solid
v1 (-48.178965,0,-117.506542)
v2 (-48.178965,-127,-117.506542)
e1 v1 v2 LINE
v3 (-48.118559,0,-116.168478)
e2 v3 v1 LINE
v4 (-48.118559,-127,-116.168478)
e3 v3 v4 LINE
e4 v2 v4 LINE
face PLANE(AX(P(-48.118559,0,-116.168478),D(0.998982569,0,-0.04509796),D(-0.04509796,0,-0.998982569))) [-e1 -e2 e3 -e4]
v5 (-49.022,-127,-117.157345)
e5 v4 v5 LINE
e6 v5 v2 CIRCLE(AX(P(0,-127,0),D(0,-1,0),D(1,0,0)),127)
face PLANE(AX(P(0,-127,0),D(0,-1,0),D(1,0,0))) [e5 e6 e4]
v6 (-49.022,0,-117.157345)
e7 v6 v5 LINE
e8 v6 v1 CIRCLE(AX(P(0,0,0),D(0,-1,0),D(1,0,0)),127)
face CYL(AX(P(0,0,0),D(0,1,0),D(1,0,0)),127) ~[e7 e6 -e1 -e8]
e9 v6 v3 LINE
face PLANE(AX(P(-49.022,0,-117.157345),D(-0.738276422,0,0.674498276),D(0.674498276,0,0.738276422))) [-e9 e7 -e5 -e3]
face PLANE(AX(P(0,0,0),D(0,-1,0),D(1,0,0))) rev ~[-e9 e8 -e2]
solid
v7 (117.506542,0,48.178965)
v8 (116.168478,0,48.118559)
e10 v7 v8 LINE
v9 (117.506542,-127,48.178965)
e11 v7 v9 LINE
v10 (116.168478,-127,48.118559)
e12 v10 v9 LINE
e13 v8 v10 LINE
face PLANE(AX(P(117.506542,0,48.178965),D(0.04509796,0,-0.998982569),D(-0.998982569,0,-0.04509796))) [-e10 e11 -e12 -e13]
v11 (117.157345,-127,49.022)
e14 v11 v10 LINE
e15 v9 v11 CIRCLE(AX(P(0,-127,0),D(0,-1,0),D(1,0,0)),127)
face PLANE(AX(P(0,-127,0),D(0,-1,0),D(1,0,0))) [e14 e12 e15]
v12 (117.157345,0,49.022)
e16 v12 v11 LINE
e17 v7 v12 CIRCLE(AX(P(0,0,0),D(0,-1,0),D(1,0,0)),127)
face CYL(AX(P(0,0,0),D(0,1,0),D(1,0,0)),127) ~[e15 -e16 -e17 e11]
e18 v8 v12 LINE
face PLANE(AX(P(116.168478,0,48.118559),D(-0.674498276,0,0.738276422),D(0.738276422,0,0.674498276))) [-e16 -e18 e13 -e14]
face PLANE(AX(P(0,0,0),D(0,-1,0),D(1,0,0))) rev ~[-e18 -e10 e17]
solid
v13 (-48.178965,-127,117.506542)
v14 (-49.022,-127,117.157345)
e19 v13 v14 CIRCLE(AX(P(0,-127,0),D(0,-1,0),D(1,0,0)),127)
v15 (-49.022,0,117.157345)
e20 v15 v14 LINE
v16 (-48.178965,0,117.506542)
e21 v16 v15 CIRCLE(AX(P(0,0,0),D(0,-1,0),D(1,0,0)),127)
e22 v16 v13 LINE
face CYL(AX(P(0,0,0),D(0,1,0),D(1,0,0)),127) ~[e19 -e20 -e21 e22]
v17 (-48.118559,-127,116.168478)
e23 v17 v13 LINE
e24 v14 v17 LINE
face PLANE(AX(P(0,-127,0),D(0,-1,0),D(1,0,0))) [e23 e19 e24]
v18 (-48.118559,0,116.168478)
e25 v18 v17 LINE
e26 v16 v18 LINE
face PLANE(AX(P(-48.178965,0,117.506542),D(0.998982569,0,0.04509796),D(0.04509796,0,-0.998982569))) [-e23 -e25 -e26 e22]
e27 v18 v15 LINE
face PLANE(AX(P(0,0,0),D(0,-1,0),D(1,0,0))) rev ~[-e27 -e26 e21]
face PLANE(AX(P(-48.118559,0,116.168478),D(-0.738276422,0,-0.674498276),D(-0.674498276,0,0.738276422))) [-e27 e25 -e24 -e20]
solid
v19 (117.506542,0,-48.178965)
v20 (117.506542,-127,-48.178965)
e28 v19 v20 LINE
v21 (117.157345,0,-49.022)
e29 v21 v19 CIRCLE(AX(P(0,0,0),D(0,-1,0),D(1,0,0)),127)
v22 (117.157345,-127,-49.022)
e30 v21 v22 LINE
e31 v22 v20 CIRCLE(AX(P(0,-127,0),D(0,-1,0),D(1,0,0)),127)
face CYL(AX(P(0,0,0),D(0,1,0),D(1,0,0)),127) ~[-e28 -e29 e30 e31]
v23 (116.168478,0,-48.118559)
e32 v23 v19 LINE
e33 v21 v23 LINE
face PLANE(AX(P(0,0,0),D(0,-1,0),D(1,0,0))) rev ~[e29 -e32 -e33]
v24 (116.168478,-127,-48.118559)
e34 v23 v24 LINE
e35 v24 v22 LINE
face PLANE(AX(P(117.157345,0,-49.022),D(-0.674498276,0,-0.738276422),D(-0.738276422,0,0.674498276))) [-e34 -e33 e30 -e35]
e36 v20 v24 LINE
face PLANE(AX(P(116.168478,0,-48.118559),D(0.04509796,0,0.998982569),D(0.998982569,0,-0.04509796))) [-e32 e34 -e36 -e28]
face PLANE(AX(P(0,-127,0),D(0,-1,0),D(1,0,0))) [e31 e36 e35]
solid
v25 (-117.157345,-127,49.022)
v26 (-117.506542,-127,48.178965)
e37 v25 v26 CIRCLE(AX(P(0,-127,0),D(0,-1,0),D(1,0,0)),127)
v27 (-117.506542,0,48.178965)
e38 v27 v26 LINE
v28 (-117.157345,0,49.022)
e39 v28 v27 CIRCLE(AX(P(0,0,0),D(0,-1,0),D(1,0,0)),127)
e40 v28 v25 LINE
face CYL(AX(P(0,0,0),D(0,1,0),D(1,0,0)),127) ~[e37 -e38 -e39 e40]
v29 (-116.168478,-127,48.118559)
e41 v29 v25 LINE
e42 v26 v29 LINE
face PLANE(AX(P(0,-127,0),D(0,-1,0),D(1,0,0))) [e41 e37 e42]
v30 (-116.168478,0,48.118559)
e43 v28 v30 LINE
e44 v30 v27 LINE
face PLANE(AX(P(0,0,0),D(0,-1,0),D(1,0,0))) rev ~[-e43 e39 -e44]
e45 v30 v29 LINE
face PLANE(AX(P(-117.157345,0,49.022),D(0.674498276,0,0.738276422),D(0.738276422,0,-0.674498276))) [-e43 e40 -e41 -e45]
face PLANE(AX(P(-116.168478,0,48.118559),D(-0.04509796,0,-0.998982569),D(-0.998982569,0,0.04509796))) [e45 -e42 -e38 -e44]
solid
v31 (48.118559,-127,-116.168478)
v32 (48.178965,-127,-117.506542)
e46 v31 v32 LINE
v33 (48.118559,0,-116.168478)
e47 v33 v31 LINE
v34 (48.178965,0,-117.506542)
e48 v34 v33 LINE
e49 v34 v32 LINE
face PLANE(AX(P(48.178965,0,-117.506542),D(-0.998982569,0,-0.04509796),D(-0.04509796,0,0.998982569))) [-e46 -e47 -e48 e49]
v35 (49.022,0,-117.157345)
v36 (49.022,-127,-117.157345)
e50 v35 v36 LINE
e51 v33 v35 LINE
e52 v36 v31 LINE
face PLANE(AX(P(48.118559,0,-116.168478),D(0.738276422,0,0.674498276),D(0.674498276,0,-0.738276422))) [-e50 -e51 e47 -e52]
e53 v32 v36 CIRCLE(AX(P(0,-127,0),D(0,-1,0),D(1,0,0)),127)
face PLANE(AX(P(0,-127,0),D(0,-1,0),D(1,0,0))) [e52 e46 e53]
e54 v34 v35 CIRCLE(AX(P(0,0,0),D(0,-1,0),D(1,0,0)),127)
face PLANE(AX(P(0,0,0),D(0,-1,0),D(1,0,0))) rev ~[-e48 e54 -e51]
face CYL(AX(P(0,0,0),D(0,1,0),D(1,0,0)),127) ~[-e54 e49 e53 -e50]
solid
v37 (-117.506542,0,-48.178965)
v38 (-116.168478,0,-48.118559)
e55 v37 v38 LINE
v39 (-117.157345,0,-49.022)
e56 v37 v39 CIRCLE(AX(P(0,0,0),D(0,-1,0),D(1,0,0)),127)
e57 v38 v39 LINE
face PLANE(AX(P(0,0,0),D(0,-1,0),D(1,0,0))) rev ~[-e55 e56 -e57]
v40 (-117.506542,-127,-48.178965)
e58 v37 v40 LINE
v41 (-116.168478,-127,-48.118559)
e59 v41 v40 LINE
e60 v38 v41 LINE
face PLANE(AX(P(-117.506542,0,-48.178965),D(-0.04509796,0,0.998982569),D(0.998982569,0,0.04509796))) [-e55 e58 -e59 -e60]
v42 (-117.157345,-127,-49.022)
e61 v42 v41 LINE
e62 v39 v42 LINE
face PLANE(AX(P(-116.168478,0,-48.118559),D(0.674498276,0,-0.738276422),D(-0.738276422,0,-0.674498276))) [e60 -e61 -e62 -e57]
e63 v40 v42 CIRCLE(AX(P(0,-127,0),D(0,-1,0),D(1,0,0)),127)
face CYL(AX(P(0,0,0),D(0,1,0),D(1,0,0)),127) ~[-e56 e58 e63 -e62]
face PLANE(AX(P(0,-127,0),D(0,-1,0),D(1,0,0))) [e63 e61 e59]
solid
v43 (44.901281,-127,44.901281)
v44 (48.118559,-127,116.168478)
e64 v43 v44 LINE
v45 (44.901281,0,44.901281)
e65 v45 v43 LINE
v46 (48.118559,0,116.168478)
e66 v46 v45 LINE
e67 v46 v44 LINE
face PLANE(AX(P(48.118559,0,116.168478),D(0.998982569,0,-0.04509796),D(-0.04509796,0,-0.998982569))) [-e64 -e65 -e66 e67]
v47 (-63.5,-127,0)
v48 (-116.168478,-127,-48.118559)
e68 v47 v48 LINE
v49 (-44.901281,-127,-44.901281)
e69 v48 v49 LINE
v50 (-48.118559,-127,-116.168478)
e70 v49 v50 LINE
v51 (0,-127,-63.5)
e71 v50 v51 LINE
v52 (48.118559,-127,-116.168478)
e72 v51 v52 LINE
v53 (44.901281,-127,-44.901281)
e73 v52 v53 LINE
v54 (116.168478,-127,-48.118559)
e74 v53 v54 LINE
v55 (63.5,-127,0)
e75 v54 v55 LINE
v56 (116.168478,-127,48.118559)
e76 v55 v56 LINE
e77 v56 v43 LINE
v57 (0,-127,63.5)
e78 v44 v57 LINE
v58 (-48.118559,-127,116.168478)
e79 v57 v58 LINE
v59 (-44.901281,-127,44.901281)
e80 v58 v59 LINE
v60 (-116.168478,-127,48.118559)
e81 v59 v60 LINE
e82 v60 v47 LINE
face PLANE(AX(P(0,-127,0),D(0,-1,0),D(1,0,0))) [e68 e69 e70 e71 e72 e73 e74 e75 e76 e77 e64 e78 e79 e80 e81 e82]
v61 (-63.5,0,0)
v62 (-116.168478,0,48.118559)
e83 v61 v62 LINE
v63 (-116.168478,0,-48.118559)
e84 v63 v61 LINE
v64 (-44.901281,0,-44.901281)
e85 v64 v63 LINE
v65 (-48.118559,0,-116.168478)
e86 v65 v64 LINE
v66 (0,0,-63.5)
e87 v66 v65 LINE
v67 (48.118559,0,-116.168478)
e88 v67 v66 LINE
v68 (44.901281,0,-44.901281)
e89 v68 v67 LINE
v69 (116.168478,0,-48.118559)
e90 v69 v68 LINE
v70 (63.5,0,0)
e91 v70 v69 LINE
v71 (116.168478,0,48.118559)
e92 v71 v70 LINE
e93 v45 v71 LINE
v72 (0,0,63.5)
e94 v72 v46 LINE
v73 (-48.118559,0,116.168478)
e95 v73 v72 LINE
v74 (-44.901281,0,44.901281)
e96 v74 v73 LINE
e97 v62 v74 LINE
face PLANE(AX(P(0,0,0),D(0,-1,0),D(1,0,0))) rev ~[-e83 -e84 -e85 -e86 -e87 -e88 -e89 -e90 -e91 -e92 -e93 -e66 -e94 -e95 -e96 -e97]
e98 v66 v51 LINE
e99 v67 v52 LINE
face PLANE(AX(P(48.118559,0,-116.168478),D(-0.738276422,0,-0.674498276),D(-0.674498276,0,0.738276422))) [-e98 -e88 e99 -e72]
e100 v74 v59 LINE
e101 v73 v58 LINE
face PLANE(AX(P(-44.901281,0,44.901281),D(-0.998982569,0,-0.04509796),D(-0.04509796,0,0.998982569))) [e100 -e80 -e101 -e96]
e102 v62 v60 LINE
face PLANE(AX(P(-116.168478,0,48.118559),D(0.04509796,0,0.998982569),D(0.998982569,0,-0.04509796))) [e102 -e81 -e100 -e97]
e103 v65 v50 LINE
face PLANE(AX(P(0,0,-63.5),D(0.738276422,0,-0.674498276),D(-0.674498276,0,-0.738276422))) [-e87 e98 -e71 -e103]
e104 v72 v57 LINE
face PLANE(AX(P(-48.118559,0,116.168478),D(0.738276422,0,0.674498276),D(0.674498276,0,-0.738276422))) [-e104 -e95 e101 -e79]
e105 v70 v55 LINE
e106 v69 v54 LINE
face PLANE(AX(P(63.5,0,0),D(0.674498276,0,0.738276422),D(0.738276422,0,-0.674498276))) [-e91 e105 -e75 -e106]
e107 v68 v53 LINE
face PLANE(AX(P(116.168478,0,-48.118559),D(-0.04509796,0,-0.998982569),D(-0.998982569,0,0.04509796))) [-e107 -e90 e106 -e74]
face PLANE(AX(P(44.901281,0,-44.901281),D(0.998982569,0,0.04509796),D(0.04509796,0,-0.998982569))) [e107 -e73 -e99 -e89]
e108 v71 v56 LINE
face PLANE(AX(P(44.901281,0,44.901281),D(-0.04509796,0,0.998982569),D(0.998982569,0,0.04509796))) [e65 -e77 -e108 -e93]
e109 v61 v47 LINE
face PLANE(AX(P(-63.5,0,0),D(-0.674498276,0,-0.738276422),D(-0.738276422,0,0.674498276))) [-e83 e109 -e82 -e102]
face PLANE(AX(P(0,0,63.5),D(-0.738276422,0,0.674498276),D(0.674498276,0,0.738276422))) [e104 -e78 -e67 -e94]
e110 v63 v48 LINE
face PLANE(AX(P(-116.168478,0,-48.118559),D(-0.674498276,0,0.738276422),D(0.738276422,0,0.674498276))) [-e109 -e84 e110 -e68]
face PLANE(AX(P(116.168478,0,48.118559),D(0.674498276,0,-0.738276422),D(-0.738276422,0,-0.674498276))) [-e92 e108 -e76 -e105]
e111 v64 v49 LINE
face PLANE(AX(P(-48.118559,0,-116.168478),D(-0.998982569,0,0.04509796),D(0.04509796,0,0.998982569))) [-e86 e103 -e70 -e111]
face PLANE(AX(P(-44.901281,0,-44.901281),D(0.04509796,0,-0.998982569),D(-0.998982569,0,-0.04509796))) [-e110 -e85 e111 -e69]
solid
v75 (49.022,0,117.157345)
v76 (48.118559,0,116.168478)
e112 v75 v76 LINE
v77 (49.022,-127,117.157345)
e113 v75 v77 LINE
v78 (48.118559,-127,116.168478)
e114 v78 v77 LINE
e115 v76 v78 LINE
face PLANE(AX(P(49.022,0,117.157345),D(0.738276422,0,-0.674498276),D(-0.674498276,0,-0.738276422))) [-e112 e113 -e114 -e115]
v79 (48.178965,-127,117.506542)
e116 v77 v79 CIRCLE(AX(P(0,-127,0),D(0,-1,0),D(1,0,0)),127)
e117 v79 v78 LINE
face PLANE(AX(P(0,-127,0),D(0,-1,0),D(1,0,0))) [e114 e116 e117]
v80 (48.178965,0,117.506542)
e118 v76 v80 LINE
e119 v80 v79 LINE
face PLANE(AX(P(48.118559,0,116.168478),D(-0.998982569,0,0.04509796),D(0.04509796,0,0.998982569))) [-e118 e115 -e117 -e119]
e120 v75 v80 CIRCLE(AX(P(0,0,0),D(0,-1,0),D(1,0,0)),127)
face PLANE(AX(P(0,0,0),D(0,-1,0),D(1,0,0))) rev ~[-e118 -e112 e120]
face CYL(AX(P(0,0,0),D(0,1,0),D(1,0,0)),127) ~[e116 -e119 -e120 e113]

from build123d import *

# Parameters (mm, degrees)
F0_R     = 127
F0_R_2   = 63.5
F1_DEPTH = 127
F3_DEPTH = 127.001


with BuildPart() as f1:
    # F0 (on Front) → F1 (new body)
    with BuildSketch(Plane.XZ):
        Circle(F0_R)
        Circle(F0_R_2, mode=Mode.SUBTRACT)
        Circle(F0_R_2)
    extrude(amount=F1_DEPTH)

    # F2 (on Front) → F3 (cut, through all)
    with BuildSketch(Plane.XZ):
        with BuildLine():
            Line((-48.1185591743, 116.1684781605), (0, 63.5))
            Line((0, 63.5), (48.1185591743, 116.1684781604))
            Line((48.1185591743, 116.1684781604), (48.1789645741, 117.5065418288))
            ThreePointArc((48.1789645741, 117.5065418288), (0, 127), (-48.1789645741, 117.5065418288))
            Line((-48.1789645741, 117.5065418288), (-48.1185591743, 116.1684781605))
        make_face()
        with BuildLine():
            Line((48.1185591743, 116.1684781604), (44.9012806053, 44.9012806053))
            Line((44.9012806053, 44.9012806053), (116.1684781605, 48.1185591743))
            Line((116.1684781605, 48.1185591743), (117.1573451218, 49.022))
            ThreePointArc((117.1573451218, 49.022), (89.8025612107, 89.8025612107), (49.022, 117.1573451218))
            Line((49.022, 117.1573451218), (48.1185591743, 116.1684781604))
        make_face()
        with BuildLine():
            Line((116.1684781605, 48.1185591743), (63.5, 0))
            Line((63.5, 0), (116.1684781604, -48.1185591743))
            Line((116.1684781604, -48.1185591743), (117.5065418288, -48.1789645741))
            ThreePointArc((117.5065418288, -48.1789645741), (124.6040344697, -24.5526901555), (127, 0))
            ThreePointArc((127, 0), (124.6040344697, 24.5526901555), (117.5065418288, 48.1789645741))
            Line((117.5065418288, 48.1789645741), (116.1684781605, 48.1185591743))
        make_face()
        with BuildLine():
            Line((116.1684781604, -48.1185591743), (44.9012806053, -44.9012806053))
            Line((44.9012806053, -44.9012806053), (48.1185591743, -116.1684781605))
            Line((48.1185591743, -116.1684781605), (49.022, -117.1573451218))
            ThreePointArc((49.022, -117.1573451218), (89.8025612107, -89.8025612107), (117.1573451218, -49.022))
            Line((117.1573451218, -49.022), (116.1684781604, -48.1185591743))
        make_face()
        with BuildLine():
            Line((48.1185591743, -116.1684781605), (0, -63.5))
            Line((0, -63.5), (-48.1185591743, -116.1684781605))
            Line((-48.1185591743, -116.1684781604), (-48.1789645741, -117.5065418288))
            ThreePointArc((-48.1789645741, -117.5065418288), (0, -127), (48.1789645741, -117.5065418288))
            Line((48.1789645741, -117.5065418288), (48.1185591743, -116.1684781605))
        make_face()
        with BuildLine():
            Line((-48.1185591743, -116.1684781604), (-44.9012806053, -44.9012806053))
            Line((-44.9012806053, -44.9012806053), (-116.1684781605, -48.1185591743))
            Line((-116.1684781605, -48.1185591743), (-117.1573451218, -49.022))
            ThreePointArc((-117.1573451218, -49.022), (-89.8025612107, -89.8025612107), (-49.022, -117.1573451218))
            Line((-49.022, -117.1573451218), (-48.1185591743, -116.1684781605))
        make_face()
        with BuildLine():
            Line((-116.1684781605, -48.1185591743), (-63.5, 0))
            Line((-63.5, 0), (-116.1684781604, 48.1185591743))
            Line((-116.1684781604, 48.1185591743), (-117.5065418288, 48.1789645741))
            ThreePointArc((-117.5065418288, 48.1789645741), (-127, 0), (-117.5065418288, -48.1789645741))
            Line((-117.5065418288, -48.1789645741), (-116.1684781605, -48.1185591743))
        make_face()
        with BuildLine():
            Line((-116.1684781604, 48.1185591743), (-44.9012806053, 44.9012806053))
            Line((-44.9012806053, 44.9012806053), (-48.1185591743, 116.1684781605))
            Line((-48.1185591743, 116.1684781605), (-49.022, 117.1573451218))
            ThreePointArc((-49.022, 117.1573451218), (-89.8025612107, 89.8025612107), (-117.1573451218, 49.022))
            Line((-117.1573451218, 49.022), (-116.1684781604, 48.1185591743))
        make_face()
    extrude(amount=F3_DEPTH, mode=Mode.SUBTRACT)


solid = f1.part
